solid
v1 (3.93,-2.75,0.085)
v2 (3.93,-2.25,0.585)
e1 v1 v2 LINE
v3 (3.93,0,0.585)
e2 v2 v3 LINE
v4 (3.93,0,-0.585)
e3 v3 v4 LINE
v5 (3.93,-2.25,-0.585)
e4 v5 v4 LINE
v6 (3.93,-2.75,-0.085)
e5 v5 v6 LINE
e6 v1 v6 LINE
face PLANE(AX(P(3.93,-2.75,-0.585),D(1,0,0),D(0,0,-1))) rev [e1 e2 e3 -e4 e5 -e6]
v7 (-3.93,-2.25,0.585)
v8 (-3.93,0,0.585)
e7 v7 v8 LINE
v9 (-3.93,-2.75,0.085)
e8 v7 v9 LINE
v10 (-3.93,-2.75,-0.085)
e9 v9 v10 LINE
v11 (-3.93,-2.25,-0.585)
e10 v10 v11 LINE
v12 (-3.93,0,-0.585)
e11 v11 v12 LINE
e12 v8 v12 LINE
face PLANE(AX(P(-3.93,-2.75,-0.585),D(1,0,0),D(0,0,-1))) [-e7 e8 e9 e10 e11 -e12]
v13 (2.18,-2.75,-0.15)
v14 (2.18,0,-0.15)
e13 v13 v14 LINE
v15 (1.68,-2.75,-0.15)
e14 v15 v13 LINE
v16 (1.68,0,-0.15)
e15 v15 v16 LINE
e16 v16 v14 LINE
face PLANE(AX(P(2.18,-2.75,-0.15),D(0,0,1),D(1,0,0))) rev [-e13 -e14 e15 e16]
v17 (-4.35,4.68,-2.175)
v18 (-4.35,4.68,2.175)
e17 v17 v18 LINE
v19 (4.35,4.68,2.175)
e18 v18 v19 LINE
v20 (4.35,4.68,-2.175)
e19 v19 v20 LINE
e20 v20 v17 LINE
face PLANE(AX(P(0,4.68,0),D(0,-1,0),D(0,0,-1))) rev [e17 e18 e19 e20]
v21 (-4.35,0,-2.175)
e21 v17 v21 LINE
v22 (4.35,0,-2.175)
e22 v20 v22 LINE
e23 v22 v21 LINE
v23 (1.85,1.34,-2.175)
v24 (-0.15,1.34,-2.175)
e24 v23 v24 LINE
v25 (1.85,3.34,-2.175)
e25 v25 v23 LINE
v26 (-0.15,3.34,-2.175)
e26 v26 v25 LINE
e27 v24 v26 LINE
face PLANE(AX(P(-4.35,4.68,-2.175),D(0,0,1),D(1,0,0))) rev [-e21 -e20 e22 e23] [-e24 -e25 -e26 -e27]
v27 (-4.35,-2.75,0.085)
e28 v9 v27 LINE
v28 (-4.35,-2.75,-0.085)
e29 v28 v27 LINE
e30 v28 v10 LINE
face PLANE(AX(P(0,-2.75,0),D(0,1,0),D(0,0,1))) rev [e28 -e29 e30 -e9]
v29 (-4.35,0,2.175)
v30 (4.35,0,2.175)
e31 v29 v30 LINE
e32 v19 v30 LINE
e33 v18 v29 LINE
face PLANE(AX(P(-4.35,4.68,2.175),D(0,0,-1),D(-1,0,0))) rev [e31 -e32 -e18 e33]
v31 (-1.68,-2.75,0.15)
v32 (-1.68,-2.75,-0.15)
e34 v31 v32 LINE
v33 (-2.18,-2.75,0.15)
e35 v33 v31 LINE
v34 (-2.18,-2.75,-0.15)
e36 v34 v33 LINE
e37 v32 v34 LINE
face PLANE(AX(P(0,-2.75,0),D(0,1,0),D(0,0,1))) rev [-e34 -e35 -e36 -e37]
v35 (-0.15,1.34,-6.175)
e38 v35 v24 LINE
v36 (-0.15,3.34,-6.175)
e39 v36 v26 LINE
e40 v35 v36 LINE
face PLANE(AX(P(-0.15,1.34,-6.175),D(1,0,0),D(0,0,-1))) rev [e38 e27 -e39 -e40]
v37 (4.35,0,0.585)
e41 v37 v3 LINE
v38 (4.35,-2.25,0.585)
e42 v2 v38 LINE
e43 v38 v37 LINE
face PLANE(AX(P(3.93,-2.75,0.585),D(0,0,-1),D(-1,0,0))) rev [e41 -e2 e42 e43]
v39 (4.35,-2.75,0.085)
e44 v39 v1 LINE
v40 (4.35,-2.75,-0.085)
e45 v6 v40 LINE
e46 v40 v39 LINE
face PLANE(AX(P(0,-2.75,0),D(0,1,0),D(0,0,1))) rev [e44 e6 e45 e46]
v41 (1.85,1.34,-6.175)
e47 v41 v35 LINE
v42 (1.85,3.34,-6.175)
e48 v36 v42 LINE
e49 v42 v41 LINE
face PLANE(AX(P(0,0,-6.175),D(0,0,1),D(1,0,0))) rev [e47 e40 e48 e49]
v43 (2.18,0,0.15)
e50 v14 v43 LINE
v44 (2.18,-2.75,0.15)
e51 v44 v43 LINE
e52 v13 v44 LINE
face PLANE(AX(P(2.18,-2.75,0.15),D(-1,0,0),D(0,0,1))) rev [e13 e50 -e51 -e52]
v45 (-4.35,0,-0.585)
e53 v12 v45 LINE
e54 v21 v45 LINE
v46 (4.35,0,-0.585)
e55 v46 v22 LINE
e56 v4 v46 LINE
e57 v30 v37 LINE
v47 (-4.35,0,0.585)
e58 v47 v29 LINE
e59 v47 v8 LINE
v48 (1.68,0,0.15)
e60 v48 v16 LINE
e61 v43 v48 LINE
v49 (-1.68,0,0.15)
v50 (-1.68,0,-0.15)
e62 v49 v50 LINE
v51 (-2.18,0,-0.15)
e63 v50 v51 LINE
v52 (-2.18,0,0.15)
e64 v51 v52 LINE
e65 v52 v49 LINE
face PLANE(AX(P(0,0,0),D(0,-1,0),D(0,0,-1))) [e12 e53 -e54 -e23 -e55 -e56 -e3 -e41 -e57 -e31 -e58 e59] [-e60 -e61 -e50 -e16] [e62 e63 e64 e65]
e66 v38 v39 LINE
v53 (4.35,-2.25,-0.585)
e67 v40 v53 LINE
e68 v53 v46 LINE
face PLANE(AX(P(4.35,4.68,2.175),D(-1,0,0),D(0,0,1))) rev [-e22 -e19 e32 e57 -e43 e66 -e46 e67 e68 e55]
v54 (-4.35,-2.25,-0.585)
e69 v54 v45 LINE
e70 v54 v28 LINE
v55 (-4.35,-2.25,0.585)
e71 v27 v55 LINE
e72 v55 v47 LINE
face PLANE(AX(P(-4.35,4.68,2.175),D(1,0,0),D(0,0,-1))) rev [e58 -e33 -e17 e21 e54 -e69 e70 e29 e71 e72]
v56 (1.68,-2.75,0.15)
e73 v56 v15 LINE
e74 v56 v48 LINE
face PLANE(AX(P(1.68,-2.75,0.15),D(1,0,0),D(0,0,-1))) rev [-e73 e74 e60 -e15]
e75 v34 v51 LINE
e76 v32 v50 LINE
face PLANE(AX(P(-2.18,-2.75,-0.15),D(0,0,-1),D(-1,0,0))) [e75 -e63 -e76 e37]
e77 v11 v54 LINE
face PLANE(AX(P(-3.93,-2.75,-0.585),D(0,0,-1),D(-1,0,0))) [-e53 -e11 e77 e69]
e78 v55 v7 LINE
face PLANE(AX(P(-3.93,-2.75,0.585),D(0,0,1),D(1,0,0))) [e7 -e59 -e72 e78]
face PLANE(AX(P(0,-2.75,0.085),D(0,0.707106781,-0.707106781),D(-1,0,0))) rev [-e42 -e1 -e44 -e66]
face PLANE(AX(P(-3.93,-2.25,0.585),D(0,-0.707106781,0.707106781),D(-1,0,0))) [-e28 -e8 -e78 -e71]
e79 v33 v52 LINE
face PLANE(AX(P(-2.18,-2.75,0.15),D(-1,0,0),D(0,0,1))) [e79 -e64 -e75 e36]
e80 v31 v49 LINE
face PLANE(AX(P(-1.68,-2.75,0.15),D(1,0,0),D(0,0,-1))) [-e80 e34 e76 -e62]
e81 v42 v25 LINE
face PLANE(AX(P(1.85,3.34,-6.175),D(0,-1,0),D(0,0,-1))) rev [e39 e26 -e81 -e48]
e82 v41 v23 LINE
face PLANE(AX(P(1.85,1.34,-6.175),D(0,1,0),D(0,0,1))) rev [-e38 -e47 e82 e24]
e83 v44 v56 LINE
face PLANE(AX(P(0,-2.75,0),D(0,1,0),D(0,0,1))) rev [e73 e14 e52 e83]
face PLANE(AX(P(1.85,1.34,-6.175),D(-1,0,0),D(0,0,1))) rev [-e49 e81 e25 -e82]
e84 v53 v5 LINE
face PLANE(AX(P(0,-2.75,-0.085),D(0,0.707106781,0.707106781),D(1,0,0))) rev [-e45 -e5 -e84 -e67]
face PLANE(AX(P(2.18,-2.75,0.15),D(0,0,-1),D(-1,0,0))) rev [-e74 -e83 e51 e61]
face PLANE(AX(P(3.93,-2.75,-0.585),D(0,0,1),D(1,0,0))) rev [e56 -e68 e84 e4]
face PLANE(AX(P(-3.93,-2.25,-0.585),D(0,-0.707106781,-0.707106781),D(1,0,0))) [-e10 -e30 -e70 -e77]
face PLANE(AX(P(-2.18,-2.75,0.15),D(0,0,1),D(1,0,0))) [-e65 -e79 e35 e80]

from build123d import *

# Parameters (mm, degrees)
SKETCH1_W                = 8.7
SKETCH1_H                = 4.35
BOSS_EXTRUDE1_DEPTH      = 4.68
SKETCH3_W                = 2
SKETCH3_H                = 2
BOSS_EXTRUDE3_DEPTH      = 4
SKETCH4_W                = 0.42
SKETCH4_H                = 1.17
SKETCH4_W_2              = 0.5
SKETCH4_H_2              = 0.3
BOSS_EXTRUDE4_DEPTH      = 2.75
CHAMFER1_SIZE            = 0.5
CHAMFER1_OF_MIRROR1_SIZE = 0.5


with BuildPart() as part:
    # Sketch1 → Boss-Extrude1 (new body)
    with BuildSketch(Plane(origin=(0, 0, 0), x_dir=(1, 0, 0), z_dir=(0, 1, 0))):
        Rectangle(SKETCH1_W, SKETCH1_H)
    extrude(amount=BOSS_EXTRUDE1_DEPTH)

    # Sketch3 → Boss-Extrude3 (add)
    with BuildSketch(Plane(origin=(0, 0, -2.175), x_dir=(-1, 0, 0), z_dir=(0, 0, -1))):
        with Locations((-0.85, 2.34)):
            Rectangle(SKETCH3_W, SKETCH3_H)
    extrude(amount=BOSS_EXTRUDE3_DEPTH)

    # Sketch4 → Boss-Extrude4 (add)
    with BuildSketch(Plane.XZ):
        with Locations((4.14, 0)):
            Rectangle(SKETCH4_W, SKETCH4_H)
        with Locations((1.93, 0)):
            Rectangle(SKETCH4_W_2, SKETCH4_H_2)
    boss_extrude4 = extrude(amount=BOSS_EXTRUDE4_DEPTH)

    # Chamfer1
    chamfer1_edges = [part.edges().sort_by_distance(p)[0] for p in [
        (4.14, -2.75, 0.585),
        (4.14, -2.75, -0.585),
    ]]
    chamfer(chamfer1_edges, length=CHAMFER1_SIZE)

    # Mirror1: Boss-Extrude4 across plane
    add(boss_extrude4.mirror(Plane(origin=(0, 0, 0), x_dir=(0, 0, 1), z_dir=(1, 0, 0))))

    # Chamfer1 of Mirror1
    chamfer1_of_mirror1_edges = [part.edges().sort_by_distance(p)[0] for p in [
        (-4.14, -2.75, 0.585),
        (-4.14, -2.75, -0.585),
    ]]
    chamfer(chamfer1_of_mirror1_edges, length=CHAMFER1_OF_MIRROR1_SIZE)


solid = part.part
